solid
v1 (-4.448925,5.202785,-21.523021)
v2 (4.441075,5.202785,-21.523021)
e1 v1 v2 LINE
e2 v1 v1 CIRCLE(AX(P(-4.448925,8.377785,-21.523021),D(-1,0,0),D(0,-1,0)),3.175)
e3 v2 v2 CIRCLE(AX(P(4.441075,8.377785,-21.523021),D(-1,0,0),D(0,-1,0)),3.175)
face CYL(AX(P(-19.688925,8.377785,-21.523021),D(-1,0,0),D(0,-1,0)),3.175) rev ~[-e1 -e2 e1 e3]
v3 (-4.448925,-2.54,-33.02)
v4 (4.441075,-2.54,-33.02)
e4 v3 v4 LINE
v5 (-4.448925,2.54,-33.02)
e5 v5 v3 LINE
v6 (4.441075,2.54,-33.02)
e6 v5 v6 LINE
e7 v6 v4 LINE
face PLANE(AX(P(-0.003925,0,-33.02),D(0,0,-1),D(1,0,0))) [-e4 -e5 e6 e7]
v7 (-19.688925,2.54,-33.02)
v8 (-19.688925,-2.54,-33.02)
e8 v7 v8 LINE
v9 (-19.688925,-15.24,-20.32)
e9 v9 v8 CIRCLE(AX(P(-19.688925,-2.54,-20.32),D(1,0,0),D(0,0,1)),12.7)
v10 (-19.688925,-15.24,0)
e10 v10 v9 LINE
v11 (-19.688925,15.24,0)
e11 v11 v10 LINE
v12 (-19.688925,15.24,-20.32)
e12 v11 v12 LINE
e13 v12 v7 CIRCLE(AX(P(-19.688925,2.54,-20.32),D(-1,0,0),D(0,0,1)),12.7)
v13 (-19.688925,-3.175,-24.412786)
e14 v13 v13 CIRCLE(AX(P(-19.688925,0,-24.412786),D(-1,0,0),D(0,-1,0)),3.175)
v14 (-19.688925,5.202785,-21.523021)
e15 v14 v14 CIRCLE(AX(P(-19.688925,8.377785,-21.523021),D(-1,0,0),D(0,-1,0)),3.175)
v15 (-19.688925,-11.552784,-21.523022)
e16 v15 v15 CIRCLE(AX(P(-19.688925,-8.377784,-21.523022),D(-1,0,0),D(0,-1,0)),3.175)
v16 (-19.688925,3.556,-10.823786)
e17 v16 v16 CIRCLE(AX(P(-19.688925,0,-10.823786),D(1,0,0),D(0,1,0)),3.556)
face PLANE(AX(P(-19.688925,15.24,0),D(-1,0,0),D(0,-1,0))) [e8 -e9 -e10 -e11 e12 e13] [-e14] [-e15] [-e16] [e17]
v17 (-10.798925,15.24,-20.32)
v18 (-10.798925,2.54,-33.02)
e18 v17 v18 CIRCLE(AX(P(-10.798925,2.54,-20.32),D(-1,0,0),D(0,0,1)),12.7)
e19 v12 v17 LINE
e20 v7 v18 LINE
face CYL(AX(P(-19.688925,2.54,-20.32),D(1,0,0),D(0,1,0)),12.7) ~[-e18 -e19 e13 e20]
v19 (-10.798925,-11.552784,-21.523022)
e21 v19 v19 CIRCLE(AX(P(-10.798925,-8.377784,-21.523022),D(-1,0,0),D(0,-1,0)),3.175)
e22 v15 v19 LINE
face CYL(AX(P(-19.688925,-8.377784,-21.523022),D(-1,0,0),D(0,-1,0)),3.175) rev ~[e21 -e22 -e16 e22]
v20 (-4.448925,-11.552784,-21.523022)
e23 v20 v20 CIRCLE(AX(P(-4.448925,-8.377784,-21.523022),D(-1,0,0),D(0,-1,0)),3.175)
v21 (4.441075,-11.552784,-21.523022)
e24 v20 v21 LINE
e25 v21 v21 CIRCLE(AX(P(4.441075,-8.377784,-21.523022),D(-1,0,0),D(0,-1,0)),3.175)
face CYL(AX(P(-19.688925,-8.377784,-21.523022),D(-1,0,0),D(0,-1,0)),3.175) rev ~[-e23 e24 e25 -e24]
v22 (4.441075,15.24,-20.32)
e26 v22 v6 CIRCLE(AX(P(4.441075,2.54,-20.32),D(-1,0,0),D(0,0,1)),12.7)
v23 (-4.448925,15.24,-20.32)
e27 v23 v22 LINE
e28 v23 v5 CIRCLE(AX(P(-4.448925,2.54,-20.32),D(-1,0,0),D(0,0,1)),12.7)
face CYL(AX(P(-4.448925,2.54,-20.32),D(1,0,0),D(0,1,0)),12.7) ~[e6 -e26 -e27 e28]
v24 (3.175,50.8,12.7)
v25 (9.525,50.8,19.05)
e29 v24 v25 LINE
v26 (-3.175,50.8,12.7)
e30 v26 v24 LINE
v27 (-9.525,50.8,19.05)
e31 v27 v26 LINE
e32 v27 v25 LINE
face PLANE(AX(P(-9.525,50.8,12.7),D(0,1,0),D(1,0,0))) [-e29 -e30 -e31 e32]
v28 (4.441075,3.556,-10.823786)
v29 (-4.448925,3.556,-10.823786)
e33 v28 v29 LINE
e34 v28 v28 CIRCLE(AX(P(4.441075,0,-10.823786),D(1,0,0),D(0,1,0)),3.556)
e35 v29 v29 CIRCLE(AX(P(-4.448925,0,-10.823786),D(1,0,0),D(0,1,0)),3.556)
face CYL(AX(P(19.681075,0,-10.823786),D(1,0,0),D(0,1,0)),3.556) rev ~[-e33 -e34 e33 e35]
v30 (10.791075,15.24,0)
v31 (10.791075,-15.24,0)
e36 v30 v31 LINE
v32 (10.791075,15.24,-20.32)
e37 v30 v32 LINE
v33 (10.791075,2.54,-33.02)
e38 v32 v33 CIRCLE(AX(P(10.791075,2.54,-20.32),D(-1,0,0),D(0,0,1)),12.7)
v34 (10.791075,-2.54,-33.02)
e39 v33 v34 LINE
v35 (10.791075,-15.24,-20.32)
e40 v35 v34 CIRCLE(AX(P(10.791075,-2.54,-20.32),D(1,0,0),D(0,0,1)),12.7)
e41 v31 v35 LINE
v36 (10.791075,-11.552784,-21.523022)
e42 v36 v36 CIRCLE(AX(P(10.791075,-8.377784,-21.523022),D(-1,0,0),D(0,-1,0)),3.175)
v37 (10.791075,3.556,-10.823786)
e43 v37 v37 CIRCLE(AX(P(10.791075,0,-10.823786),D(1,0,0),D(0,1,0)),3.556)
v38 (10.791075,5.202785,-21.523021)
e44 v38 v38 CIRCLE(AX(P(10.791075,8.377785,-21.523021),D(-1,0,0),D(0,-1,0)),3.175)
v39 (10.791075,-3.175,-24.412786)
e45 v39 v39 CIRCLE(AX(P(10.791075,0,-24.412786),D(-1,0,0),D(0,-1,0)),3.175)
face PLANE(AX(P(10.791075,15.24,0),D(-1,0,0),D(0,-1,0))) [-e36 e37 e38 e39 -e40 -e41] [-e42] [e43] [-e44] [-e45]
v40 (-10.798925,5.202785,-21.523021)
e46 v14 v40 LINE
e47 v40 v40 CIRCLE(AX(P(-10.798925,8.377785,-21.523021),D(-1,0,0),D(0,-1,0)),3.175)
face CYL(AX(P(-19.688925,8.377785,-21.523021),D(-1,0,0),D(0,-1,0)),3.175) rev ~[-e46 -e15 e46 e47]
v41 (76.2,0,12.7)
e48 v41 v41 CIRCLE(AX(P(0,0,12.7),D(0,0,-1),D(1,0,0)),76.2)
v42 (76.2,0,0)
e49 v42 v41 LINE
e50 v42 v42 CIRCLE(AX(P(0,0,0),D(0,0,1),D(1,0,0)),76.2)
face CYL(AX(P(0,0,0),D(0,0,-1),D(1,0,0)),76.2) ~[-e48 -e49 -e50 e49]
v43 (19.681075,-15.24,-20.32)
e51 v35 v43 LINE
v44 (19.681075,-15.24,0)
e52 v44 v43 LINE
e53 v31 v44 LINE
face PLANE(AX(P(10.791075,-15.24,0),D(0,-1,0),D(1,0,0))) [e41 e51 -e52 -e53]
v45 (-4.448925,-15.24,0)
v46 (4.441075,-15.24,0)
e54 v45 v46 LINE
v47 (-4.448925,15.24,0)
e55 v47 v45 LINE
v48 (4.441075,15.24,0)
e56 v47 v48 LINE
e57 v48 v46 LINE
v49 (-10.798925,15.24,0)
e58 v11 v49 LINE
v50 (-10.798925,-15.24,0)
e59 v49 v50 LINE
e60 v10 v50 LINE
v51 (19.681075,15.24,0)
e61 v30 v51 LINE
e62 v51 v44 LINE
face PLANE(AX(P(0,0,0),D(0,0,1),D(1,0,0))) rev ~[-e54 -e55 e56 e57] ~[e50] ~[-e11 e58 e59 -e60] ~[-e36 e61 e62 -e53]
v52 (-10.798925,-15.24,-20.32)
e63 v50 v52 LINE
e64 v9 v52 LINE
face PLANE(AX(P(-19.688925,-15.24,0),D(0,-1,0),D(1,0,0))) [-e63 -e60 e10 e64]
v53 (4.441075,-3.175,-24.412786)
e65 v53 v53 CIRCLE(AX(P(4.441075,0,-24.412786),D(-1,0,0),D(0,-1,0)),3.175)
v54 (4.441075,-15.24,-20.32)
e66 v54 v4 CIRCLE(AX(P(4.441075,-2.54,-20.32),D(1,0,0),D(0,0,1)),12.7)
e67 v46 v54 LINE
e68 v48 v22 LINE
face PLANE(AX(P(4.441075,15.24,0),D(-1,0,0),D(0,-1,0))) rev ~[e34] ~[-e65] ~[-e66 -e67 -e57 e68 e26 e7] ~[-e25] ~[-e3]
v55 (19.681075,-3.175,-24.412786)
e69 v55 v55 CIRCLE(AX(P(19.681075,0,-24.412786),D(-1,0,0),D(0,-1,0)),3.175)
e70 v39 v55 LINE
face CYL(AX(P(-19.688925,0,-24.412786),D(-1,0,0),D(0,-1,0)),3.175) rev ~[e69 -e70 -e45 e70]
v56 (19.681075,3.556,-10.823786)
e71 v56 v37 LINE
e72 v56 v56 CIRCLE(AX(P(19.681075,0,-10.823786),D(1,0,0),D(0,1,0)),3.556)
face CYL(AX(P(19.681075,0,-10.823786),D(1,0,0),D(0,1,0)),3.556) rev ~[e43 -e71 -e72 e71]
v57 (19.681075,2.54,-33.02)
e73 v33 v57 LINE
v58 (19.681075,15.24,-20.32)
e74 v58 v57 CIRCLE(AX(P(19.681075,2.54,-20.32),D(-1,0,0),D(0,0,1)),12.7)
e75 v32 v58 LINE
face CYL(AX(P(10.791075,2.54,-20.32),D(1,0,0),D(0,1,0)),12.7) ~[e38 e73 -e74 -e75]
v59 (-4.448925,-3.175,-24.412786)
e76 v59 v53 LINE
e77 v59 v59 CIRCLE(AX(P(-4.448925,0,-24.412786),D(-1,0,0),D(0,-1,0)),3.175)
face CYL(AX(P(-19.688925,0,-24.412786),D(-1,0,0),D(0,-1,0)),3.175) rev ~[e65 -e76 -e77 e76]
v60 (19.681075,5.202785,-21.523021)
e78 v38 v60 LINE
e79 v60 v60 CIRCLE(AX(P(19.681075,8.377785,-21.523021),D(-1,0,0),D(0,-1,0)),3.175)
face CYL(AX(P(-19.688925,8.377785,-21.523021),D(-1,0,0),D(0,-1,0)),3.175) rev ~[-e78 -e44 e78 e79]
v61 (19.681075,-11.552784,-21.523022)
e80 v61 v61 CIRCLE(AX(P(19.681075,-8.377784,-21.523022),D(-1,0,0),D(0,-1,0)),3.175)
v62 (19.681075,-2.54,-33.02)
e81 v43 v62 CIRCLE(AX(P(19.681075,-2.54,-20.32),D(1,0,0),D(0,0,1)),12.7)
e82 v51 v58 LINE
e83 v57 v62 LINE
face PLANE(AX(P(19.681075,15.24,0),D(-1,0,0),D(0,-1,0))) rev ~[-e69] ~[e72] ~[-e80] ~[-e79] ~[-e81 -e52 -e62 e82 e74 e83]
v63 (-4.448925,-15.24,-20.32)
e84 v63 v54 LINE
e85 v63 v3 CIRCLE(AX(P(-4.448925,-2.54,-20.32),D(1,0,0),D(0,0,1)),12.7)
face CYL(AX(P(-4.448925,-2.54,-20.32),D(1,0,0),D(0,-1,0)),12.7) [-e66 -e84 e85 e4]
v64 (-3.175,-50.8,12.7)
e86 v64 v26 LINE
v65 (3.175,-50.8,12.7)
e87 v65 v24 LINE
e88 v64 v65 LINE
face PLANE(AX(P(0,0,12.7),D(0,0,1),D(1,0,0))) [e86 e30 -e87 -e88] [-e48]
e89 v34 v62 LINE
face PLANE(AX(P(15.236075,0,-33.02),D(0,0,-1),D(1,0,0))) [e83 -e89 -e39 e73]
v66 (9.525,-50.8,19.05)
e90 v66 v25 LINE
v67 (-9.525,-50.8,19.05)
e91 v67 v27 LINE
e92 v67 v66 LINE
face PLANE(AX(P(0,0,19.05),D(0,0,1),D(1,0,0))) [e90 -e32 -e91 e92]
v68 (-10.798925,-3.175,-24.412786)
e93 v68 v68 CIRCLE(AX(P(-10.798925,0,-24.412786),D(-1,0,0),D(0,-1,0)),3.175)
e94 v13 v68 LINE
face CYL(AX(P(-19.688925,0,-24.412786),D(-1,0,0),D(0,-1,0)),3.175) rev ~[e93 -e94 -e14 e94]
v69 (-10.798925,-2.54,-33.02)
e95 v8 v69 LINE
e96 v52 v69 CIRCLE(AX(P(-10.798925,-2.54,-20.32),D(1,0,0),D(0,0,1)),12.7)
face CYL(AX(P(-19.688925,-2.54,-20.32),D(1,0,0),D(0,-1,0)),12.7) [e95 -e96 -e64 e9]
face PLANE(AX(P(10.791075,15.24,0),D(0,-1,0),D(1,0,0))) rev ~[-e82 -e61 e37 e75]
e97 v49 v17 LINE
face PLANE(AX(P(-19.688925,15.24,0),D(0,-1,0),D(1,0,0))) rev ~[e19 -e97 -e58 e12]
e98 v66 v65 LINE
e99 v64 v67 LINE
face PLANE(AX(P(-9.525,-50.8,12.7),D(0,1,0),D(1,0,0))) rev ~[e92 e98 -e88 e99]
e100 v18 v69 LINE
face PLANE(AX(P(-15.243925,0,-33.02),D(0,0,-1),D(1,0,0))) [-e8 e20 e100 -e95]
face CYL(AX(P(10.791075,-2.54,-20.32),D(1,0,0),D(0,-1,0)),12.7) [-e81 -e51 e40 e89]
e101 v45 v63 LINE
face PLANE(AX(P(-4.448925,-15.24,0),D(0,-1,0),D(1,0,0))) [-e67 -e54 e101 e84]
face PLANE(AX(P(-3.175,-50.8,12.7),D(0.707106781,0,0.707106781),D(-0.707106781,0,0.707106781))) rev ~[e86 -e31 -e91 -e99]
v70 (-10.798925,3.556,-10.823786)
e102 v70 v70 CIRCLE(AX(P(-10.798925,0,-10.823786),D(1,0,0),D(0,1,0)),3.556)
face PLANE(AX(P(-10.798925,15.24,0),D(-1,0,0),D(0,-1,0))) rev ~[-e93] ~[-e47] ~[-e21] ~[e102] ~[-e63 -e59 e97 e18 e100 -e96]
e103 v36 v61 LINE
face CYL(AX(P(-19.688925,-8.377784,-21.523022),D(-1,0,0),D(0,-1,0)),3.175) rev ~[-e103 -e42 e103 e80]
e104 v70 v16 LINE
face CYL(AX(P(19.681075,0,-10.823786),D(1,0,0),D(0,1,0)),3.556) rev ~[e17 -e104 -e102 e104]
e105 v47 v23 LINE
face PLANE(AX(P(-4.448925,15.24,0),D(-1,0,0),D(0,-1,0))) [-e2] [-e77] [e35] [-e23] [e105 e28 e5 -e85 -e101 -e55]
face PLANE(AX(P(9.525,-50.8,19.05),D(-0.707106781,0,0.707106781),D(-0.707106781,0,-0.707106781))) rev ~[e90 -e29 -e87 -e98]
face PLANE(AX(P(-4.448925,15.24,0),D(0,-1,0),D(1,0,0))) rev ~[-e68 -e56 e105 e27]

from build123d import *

# Parameters (mm, degrees)
F0_R      = 76.2
F1_DEPTH  = 12.7
F2_W      = 19.05
F2_H      = 101.6
F3_DEPTH  = 6.35
F5_DEPTH  = 127.001
F6_W      = 8.89
F6_H      = 30.48
F7_DEPTH  = 33.02
F8_R      = 12.7
F9_R      = 3.556
F10_DEPTH = 95.882075
F11_R     = 3.175
F12_DEPTH = 95.889925


with BuildPart() as f1:
    # F0 (on Top) → F1 (new body)
    with BuildSketch(Plane.XY):
        Circle(F0_R)
    extrude(amount=F1_DEPTH)

    # F2 (on face) → F3 (join)
    with BuildSketch(Plane.XY.offset(12.7)):
        Rectangle(F2_W, F2_H)
    extrude(amount=F3_DEPTH)

    # F4 (on face) → F5 (cut, through all)
    with BuildSketch(Plane.XZ.offset(50.8)):
        Polygon((-3.175, 12.7), (-9.525, 19.05), (-9.525, 12.7), align=None)
        Polygon((9.525, 12.7), (9.525, 19.05), (3.175, 12.7), align=None)
    extrude(amount=-F5_DEPTH, mode=Mode.SUBTRACT)

    # F6 (on face) → F7 (join)
    with BuildSketch(Plane(origin=(0, 0, 0), x_dir=(1, 0, 0), z_dir=(0, 0, -1))):
        with Locations((15.236075, 0)):
            Rectangle(F6_W, F6_H)
        with Locations((-0.003925, 0)):
            Rectangle(F6_W, F6_H)
        with Locations((-15.243925, 0)):
            Rectangle(F6_W, F6_H)
    extrude(amount=F7_DEPTH)

    # F8
    f8_edges = [f1.edges().sort_by_distance(p)[0] for p in [
        (-15.243925, -15.24, -33.02),
        (-15.243925, 15.24, -33.02),
        (-0.003925, -15.24, -33.02),
        (-0.003925, 15.24, -33.02),
        (15.236075, 15.24, -33.02),
        (15.236075, -15.24, -33.02),
    ]]
    fillet(f8_edges, radius=F8_R)

    # F9 (on face) → F10 (cut, through all)
    with BuildSketch(Plane.YZ.offset(19.681075)):
        with Locations((0, -10.823786)):
            Circle(F9_R)
    extrude(amount=-F10_DEPTH, mode=Mode.SUBTRACT)

    # F11 (on face) → F12 (cut, through all)
    with BuildSketch(Plane(origin=(-19.688925, 0, 0), x_dir=(0, -1, 0), z_dir=(-1, 0, 0))):
        with Locations((-8.377785, -21.523021)):
            Circle(F11_R)
        with Locations((0, -24.412786)):
            Circle(F11_R)
        with Locations((8.377784, -21.523022)):
            Circle(F11_R)
    extrude(amount=-F12_DEPTH, mode=Mode.SUBTRACT)


solid = f1.part
